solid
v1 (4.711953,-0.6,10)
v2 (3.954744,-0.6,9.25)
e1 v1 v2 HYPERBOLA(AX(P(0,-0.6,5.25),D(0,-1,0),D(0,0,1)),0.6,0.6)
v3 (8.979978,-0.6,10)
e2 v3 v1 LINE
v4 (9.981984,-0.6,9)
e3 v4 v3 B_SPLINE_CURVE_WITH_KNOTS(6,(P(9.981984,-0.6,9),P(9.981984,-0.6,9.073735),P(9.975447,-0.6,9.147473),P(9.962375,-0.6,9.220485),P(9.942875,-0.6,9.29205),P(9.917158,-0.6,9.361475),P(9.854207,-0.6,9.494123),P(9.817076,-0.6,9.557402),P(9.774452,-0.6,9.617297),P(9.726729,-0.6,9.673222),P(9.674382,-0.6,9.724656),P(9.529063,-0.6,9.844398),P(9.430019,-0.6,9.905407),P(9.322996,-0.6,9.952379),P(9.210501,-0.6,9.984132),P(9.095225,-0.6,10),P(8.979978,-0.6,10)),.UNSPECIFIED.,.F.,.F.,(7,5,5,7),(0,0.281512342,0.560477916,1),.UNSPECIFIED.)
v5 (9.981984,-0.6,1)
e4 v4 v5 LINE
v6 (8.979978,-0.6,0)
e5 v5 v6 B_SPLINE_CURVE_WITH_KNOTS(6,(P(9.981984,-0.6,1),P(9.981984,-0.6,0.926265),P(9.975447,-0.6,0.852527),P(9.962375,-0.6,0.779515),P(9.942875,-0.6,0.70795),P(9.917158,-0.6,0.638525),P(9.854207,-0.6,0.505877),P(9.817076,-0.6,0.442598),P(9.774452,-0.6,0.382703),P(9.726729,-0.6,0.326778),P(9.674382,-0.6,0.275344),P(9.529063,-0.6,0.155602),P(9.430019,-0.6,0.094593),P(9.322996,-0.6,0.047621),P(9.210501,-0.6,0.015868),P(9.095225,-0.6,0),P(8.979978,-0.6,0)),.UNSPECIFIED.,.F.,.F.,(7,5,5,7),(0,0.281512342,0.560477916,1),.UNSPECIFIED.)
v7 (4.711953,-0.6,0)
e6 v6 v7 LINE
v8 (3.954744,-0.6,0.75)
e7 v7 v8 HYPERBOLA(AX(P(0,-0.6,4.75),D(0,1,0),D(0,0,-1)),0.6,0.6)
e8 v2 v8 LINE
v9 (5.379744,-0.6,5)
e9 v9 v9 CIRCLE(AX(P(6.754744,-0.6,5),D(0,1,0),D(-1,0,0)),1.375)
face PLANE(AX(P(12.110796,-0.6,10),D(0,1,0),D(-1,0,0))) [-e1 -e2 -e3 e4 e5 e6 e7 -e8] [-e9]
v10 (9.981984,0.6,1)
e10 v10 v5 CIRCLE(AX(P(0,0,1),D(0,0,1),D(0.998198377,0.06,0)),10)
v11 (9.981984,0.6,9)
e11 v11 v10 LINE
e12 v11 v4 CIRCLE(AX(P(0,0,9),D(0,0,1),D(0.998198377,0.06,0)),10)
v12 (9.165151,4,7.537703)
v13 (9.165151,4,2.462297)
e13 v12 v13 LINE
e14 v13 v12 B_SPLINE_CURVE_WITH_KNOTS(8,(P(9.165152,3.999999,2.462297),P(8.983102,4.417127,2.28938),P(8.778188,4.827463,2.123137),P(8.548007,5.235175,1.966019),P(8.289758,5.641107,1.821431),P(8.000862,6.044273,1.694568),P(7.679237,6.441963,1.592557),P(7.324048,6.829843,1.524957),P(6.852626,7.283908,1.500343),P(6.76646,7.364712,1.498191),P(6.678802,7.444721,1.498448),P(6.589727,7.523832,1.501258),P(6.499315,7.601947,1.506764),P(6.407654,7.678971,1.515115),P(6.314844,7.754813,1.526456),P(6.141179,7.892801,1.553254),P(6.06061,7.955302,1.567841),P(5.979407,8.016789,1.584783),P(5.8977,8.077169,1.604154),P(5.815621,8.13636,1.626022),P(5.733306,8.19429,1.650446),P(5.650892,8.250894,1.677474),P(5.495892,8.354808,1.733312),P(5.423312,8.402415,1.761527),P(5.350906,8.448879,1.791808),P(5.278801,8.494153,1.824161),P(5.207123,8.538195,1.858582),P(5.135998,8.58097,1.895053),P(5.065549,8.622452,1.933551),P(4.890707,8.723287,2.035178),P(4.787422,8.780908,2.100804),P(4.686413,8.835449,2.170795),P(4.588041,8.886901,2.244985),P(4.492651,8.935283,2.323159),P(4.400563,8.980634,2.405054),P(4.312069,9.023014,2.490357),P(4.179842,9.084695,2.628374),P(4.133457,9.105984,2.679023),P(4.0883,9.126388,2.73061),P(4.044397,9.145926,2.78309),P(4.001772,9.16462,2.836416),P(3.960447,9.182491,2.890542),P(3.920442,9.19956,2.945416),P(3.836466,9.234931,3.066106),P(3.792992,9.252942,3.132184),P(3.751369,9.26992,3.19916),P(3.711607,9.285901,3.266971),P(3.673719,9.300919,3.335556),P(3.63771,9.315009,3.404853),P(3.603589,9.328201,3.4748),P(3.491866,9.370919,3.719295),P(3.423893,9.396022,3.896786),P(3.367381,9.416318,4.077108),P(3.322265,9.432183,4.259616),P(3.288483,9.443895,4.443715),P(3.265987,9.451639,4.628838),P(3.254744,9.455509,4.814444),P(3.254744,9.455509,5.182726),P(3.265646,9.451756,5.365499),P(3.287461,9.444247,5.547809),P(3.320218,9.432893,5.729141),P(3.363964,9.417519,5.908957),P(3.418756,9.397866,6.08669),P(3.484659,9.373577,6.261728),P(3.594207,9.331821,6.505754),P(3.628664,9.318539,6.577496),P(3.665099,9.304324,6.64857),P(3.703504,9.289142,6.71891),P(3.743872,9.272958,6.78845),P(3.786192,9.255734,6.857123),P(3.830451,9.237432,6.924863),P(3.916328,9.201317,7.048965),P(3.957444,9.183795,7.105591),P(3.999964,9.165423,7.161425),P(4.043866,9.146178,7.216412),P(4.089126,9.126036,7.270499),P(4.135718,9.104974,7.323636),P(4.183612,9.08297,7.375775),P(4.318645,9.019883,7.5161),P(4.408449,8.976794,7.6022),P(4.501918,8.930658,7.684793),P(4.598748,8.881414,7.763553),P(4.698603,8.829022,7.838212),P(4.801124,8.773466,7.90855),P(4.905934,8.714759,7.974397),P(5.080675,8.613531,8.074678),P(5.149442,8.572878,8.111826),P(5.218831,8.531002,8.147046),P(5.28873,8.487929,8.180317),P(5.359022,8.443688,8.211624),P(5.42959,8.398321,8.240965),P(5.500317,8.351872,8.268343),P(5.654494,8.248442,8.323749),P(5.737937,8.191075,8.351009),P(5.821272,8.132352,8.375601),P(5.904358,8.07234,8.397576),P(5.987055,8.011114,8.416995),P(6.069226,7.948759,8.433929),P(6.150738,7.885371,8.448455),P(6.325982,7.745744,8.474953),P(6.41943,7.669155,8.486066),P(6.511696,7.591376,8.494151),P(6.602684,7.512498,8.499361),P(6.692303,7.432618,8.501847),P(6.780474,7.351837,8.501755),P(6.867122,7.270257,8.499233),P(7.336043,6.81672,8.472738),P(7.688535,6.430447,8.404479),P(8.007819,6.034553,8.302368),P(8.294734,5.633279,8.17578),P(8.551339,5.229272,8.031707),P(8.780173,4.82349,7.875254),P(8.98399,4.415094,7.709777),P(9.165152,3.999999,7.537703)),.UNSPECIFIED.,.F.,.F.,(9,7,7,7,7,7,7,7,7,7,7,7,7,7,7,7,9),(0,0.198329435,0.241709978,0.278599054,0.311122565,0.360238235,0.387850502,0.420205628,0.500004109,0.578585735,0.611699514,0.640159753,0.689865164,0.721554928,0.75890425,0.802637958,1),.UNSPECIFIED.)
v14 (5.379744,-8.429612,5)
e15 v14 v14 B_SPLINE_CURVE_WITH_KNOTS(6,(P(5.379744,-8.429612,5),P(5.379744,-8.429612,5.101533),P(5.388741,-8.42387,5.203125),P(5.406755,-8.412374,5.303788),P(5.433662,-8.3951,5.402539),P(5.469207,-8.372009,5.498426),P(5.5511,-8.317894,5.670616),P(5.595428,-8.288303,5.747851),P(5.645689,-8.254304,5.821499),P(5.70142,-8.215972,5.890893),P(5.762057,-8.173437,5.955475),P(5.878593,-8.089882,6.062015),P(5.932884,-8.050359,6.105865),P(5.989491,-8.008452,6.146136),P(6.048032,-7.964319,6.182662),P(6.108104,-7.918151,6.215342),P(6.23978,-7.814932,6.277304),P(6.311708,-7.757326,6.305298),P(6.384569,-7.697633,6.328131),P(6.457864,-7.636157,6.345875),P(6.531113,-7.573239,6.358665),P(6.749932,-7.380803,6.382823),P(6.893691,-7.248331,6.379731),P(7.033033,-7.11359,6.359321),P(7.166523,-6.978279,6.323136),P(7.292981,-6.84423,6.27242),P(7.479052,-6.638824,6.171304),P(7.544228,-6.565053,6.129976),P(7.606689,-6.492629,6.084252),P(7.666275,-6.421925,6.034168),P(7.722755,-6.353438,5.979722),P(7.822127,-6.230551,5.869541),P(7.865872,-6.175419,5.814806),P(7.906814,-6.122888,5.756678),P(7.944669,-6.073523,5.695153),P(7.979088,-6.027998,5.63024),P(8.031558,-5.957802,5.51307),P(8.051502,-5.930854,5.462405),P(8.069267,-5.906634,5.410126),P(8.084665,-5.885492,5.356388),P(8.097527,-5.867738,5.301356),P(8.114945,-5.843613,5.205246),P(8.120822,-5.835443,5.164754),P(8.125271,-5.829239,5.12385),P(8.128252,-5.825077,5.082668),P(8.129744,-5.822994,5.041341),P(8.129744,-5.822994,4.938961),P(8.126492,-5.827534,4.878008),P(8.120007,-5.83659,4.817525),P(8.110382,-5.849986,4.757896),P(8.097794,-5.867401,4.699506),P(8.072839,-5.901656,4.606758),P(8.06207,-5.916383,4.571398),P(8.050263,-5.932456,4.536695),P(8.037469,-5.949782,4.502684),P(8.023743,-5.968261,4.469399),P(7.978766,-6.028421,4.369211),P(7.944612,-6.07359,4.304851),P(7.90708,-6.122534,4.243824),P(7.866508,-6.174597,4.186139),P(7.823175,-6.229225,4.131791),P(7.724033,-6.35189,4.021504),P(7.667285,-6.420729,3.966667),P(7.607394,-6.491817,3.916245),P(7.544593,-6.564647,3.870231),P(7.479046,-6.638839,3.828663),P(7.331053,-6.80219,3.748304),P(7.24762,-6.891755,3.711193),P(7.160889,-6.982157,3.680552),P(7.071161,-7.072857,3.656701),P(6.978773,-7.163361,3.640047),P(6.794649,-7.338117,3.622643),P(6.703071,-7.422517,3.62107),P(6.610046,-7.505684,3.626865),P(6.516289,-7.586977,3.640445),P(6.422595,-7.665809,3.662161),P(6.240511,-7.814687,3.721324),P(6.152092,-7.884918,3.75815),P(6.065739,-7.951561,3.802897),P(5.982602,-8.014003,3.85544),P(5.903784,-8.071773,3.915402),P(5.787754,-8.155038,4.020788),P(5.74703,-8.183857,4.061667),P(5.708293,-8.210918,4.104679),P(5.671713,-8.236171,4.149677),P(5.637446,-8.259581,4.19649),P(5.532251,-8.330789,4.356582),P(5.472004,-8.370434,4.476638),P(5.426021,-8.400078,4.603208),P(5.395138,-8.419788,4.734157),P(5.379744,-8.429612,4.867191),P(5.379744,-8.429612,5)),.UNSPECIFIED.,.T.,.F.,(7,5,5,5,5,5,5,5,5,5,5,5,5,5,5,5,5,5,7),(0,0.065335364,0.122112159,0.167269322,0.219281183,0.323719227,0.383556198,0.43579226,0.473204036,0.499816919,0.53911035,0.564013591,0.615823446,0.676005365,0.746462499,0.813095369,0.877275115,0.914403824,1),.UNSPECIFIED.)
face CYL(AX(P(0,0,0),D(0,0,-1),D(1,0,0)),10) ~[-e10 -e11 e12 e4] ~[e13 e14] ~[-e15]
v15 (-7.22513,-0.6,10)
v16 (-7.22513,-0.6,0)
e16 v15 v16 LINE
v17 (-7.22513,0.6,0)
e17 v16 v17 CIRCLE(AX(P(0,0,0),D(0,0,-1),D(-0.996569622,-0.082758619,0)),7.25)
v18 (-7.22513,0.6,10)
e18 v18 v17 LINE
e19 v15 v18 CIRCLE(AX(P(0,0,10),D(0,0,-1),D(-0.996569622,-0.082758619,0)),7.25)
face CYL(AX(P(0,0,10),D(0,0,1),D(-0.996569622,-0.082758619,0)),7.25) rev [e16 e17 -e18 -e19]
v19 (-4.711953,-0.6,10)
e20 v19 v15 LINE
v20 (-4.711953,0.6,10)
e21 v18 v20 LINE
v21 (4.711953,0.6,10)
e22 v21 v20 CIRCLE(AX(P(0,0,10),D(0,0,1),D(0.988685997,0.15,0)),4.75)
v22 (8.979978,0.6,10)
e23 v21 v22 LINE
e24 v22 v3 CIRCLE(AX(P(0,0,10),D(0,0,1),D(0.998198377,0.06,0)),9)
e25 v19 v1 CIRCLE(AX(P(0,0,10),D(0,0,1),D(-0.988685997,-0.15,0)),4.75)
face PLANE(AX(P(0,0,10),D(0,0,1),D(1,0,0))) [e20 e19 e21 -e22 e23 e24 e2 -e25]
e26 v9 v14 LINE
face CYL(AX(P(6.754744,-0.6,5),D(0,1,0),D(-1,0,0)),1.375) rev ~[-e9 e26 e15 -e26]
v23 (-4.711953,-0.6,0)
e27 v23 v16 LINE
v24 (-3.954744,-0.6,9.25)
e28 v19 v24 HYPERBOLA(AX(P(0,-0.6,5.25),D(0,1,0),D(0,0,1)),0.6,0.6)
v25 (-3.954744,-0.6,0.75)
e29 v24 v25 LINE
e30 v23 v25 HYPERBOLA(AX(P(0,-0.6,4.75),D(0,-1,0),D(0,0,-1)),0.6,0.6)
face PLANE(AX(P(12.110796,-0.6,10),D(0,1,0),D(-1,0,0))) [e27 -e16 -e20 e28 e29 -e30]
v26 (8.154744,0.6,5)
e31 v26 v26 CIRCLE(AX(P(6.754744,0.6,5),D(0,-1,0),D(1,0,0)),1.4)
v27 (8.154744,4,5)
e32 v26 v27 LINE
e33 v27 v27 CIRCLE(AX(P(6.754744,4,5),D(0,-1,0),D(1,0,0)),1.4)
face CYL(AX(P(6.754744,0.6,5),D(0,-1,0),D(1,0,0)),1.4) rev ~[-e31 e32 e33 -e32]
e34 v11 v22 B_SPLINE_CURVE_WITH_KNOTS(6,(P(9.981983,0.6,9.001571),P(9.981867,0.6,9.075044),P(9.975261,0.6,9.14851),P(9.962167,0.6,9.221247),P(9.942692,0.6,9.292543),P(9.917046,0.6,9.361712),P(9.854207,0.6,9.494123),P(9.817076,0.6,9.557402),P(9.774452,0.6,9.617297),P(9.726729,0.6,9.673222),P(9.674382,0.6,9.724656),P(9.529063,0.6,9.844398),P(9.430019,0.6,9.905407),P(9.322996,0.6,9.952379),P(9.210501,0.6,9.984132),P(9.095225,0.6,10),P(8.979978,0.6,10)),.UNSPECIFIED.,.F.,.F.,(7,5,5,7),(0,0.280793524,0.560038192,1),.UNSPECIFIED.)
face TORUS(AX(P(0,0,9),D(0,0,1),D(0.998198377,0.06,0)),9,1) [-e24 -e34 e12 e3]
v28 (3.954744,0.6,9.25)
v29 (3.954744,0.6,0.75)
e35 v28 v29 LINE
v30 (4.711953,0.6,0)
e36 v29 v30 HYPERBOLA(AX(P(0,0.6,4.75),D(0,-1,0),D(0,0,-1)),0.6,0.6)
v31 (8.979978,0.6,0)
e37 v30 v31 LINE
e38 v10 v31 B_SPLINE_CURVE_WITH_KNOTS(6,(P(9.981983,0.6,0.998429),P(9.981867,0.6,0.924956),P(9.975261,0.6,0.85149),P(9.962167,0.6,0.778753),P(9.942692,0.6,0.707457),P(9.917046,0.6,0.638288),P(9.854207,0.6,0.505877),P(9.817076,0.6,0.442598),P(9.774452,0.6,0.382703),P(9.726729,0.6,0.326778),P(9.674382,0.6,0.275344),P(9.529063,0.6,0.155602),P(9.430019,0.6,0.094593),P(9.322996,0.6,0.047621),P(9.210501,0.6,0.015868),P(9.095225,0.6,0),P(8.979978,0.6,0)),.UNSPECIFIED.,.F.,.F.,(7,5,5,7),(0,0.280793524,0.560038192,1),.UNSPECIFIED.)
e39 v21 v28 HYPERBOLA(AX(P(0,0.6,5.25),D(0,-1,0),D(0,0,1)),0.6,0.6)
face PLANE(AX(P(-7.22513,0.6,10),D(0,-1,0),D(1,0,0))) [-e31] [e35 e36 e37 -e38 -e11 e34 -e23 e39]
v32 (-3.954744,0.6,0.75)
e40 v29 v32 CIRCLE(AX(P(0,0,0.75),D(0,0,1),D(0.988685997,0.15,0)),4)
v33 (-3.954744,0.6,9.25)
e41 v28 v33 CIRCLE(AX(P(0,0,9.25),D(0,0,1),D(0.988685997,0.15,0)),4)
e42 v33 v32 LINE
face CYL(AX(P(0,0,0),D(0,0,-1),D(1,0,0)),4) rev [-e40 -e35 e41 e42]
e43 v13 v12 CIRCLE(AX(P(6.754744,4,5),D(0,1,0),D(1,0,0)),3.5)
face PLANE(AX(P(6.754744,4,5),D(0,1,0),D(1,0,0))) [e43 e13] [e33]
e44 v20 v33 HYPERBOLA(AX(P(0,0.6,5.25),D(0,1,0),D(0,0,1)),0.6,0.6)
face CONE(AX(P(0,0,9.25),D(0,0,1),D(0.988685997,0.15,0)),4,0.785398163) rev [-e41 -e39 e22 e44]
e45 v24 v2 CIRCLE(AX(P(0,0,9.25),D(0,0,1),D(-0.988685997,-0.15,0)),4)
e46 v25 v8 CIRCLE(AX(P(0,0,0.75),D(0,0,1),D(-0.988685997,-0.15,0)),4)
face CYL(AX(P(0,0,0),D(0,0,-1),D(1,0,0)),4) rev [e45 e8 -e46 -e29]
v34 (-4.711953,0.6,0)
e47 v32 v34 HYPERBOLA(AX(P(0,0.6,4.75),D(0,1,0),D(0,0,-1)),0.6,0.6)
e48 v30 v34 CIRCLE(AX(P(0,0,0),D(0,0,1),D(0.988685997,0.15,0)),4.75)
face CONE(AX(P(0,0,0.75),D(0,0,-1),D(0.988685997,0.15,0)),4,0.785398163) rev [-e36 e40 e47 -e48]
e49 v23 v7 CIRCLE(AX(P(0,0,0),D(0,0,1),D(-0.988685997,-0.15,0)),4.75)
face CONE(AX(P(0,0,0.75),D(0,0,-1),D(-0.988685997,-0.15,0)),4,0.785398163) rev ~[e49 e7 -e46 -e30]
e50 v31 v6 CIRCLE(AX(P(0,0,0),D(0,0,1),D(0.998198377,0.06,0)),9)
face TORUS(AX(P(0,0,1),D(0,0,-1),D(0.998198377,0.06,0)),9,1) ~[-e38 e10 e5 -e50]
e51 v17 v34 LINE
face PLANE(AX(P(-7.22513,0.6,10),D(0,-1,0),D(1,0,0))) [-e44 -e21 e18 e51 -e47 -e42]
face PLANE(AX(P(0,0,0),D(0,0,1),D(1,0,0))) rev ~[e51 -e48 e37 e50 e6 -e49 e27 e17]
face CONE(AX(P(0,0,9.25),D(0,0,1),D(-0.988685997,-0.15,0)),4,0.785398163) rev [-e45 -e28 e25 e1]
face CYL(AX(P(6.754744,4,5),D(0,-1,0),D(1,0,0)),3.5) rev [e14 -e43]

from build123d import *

# Parameters (mm, degrees)
SKICA1_R                 = 10
SKICA1_R_2               = 4
P_IDAT_VYSUNUT_M1_DEPTH  = 10
ODEBRAT_VYSUNUT_M1_DEPTH = 10
SKICA3_R                 = 1.375
ODEBRAT_VYSUNUT_M2_DEPTH = 10
SKICA4_R                 = 1.4
ODEBRAT_VYSUNUT_M3_DEPTH = 10
SKICA5_R                 = 3.5
ODEBRAT_VYSUNUT_M4_DEPTH = 10
ZAOBLIT1_R               = 1
ZKOSEN_2_SIZE            = 0.75


with BuildPart() as part:
    # Skica1 → Přidat vysunutím1 (new body)
    with BuildSketch(Plane.XY):
        Circle(SKICA1_R)
        Circle(SKICA1_R_2, mode=Mode.SUBTRACT)
    extrude(amount=P_IDAT_VYSUNUT_M1_DEPTH)

    # Skica2 → Odebrat vysunutím1 (cut)
    with BuildSketch(Plane.XY.offset(10)):
        with BuildLine():
            Line((-7.225129757, 0.6), (12.11079591, 0.6))
            Line((12.11079591, 0.6), (12.11079591, -0.6))
            Line((12.11079591, -0.6), (-7.225129757, -0.6))
            ThreePointArc((-7.225129757, -0.6), (-7.25, 0), (-7.225129757, 0.6))
        make_face()
    extrude(amount=-ODEBRAT_VYSUNUT_M1_DEPTH, mode=Mode.SUBTRACT)

    # Skica3 → Odebrat vysunutím2 (cut)
    with BuildSketch(Plane(origin=(0, -0.6, 0), x_dir=(1, 0, 0), z_dir=(0, 1, 0))):
        with Locations(Location((6.754743987, -5, 0), (0, 0, 180))):
            Circle(SKICA3_R)
    extrude(amount=-ODEBRAT_VYSUNUT_M2_DEPTH, mode=Mode.SUBTRACT)

    # Skica4 → Odebrat vysunutím3 (cut)
    with BuildSketch(Plane.XZ.offset(-0.6)):
        with Locations((6.754743987, 5)):
            Circle(SKICA4_R)
    extrude(amount=-ODEBRAT_VYSUNUT_M3_DEPTH, mode=Mode.SUBTRACT)

    # Skica5 → Odebrat vysunutím4 (cut)
    with BuildSketch(Plane(origin=(0, 4, 0), x_dir=(1, 0, 0), z_dir=(0, 1, 0))):
        with Locations((6.754743987, -5)):
            Circle(SKICA5_R)
    extrude(amount=ODEBRAT_VYSUNUT_M4_DEPTH, mode=Mode.SUBTRACT)

    # Zaoblit1
    zaoblit1_edges = [part.edges().sort_by_distance(p)[0] for p in [
        (-10, 0, 0),
        (-10, 0, 10),
    ]]
    fillet(zaoblit1_edges, radius=ZAOBLIT1_R)

    # Zkosení2
    zkosen_2_edges = [part.edges().sort_by_distance(p)[0] for p in [
        (0, -4, 10),
        (0, -4, 0),
        (0, 4, 0),
        (0, 4, 10),
    ]]
    chamfer(zkosen_2_edges, length=ZKOSEN_2_SIZE)


solid = part.part
